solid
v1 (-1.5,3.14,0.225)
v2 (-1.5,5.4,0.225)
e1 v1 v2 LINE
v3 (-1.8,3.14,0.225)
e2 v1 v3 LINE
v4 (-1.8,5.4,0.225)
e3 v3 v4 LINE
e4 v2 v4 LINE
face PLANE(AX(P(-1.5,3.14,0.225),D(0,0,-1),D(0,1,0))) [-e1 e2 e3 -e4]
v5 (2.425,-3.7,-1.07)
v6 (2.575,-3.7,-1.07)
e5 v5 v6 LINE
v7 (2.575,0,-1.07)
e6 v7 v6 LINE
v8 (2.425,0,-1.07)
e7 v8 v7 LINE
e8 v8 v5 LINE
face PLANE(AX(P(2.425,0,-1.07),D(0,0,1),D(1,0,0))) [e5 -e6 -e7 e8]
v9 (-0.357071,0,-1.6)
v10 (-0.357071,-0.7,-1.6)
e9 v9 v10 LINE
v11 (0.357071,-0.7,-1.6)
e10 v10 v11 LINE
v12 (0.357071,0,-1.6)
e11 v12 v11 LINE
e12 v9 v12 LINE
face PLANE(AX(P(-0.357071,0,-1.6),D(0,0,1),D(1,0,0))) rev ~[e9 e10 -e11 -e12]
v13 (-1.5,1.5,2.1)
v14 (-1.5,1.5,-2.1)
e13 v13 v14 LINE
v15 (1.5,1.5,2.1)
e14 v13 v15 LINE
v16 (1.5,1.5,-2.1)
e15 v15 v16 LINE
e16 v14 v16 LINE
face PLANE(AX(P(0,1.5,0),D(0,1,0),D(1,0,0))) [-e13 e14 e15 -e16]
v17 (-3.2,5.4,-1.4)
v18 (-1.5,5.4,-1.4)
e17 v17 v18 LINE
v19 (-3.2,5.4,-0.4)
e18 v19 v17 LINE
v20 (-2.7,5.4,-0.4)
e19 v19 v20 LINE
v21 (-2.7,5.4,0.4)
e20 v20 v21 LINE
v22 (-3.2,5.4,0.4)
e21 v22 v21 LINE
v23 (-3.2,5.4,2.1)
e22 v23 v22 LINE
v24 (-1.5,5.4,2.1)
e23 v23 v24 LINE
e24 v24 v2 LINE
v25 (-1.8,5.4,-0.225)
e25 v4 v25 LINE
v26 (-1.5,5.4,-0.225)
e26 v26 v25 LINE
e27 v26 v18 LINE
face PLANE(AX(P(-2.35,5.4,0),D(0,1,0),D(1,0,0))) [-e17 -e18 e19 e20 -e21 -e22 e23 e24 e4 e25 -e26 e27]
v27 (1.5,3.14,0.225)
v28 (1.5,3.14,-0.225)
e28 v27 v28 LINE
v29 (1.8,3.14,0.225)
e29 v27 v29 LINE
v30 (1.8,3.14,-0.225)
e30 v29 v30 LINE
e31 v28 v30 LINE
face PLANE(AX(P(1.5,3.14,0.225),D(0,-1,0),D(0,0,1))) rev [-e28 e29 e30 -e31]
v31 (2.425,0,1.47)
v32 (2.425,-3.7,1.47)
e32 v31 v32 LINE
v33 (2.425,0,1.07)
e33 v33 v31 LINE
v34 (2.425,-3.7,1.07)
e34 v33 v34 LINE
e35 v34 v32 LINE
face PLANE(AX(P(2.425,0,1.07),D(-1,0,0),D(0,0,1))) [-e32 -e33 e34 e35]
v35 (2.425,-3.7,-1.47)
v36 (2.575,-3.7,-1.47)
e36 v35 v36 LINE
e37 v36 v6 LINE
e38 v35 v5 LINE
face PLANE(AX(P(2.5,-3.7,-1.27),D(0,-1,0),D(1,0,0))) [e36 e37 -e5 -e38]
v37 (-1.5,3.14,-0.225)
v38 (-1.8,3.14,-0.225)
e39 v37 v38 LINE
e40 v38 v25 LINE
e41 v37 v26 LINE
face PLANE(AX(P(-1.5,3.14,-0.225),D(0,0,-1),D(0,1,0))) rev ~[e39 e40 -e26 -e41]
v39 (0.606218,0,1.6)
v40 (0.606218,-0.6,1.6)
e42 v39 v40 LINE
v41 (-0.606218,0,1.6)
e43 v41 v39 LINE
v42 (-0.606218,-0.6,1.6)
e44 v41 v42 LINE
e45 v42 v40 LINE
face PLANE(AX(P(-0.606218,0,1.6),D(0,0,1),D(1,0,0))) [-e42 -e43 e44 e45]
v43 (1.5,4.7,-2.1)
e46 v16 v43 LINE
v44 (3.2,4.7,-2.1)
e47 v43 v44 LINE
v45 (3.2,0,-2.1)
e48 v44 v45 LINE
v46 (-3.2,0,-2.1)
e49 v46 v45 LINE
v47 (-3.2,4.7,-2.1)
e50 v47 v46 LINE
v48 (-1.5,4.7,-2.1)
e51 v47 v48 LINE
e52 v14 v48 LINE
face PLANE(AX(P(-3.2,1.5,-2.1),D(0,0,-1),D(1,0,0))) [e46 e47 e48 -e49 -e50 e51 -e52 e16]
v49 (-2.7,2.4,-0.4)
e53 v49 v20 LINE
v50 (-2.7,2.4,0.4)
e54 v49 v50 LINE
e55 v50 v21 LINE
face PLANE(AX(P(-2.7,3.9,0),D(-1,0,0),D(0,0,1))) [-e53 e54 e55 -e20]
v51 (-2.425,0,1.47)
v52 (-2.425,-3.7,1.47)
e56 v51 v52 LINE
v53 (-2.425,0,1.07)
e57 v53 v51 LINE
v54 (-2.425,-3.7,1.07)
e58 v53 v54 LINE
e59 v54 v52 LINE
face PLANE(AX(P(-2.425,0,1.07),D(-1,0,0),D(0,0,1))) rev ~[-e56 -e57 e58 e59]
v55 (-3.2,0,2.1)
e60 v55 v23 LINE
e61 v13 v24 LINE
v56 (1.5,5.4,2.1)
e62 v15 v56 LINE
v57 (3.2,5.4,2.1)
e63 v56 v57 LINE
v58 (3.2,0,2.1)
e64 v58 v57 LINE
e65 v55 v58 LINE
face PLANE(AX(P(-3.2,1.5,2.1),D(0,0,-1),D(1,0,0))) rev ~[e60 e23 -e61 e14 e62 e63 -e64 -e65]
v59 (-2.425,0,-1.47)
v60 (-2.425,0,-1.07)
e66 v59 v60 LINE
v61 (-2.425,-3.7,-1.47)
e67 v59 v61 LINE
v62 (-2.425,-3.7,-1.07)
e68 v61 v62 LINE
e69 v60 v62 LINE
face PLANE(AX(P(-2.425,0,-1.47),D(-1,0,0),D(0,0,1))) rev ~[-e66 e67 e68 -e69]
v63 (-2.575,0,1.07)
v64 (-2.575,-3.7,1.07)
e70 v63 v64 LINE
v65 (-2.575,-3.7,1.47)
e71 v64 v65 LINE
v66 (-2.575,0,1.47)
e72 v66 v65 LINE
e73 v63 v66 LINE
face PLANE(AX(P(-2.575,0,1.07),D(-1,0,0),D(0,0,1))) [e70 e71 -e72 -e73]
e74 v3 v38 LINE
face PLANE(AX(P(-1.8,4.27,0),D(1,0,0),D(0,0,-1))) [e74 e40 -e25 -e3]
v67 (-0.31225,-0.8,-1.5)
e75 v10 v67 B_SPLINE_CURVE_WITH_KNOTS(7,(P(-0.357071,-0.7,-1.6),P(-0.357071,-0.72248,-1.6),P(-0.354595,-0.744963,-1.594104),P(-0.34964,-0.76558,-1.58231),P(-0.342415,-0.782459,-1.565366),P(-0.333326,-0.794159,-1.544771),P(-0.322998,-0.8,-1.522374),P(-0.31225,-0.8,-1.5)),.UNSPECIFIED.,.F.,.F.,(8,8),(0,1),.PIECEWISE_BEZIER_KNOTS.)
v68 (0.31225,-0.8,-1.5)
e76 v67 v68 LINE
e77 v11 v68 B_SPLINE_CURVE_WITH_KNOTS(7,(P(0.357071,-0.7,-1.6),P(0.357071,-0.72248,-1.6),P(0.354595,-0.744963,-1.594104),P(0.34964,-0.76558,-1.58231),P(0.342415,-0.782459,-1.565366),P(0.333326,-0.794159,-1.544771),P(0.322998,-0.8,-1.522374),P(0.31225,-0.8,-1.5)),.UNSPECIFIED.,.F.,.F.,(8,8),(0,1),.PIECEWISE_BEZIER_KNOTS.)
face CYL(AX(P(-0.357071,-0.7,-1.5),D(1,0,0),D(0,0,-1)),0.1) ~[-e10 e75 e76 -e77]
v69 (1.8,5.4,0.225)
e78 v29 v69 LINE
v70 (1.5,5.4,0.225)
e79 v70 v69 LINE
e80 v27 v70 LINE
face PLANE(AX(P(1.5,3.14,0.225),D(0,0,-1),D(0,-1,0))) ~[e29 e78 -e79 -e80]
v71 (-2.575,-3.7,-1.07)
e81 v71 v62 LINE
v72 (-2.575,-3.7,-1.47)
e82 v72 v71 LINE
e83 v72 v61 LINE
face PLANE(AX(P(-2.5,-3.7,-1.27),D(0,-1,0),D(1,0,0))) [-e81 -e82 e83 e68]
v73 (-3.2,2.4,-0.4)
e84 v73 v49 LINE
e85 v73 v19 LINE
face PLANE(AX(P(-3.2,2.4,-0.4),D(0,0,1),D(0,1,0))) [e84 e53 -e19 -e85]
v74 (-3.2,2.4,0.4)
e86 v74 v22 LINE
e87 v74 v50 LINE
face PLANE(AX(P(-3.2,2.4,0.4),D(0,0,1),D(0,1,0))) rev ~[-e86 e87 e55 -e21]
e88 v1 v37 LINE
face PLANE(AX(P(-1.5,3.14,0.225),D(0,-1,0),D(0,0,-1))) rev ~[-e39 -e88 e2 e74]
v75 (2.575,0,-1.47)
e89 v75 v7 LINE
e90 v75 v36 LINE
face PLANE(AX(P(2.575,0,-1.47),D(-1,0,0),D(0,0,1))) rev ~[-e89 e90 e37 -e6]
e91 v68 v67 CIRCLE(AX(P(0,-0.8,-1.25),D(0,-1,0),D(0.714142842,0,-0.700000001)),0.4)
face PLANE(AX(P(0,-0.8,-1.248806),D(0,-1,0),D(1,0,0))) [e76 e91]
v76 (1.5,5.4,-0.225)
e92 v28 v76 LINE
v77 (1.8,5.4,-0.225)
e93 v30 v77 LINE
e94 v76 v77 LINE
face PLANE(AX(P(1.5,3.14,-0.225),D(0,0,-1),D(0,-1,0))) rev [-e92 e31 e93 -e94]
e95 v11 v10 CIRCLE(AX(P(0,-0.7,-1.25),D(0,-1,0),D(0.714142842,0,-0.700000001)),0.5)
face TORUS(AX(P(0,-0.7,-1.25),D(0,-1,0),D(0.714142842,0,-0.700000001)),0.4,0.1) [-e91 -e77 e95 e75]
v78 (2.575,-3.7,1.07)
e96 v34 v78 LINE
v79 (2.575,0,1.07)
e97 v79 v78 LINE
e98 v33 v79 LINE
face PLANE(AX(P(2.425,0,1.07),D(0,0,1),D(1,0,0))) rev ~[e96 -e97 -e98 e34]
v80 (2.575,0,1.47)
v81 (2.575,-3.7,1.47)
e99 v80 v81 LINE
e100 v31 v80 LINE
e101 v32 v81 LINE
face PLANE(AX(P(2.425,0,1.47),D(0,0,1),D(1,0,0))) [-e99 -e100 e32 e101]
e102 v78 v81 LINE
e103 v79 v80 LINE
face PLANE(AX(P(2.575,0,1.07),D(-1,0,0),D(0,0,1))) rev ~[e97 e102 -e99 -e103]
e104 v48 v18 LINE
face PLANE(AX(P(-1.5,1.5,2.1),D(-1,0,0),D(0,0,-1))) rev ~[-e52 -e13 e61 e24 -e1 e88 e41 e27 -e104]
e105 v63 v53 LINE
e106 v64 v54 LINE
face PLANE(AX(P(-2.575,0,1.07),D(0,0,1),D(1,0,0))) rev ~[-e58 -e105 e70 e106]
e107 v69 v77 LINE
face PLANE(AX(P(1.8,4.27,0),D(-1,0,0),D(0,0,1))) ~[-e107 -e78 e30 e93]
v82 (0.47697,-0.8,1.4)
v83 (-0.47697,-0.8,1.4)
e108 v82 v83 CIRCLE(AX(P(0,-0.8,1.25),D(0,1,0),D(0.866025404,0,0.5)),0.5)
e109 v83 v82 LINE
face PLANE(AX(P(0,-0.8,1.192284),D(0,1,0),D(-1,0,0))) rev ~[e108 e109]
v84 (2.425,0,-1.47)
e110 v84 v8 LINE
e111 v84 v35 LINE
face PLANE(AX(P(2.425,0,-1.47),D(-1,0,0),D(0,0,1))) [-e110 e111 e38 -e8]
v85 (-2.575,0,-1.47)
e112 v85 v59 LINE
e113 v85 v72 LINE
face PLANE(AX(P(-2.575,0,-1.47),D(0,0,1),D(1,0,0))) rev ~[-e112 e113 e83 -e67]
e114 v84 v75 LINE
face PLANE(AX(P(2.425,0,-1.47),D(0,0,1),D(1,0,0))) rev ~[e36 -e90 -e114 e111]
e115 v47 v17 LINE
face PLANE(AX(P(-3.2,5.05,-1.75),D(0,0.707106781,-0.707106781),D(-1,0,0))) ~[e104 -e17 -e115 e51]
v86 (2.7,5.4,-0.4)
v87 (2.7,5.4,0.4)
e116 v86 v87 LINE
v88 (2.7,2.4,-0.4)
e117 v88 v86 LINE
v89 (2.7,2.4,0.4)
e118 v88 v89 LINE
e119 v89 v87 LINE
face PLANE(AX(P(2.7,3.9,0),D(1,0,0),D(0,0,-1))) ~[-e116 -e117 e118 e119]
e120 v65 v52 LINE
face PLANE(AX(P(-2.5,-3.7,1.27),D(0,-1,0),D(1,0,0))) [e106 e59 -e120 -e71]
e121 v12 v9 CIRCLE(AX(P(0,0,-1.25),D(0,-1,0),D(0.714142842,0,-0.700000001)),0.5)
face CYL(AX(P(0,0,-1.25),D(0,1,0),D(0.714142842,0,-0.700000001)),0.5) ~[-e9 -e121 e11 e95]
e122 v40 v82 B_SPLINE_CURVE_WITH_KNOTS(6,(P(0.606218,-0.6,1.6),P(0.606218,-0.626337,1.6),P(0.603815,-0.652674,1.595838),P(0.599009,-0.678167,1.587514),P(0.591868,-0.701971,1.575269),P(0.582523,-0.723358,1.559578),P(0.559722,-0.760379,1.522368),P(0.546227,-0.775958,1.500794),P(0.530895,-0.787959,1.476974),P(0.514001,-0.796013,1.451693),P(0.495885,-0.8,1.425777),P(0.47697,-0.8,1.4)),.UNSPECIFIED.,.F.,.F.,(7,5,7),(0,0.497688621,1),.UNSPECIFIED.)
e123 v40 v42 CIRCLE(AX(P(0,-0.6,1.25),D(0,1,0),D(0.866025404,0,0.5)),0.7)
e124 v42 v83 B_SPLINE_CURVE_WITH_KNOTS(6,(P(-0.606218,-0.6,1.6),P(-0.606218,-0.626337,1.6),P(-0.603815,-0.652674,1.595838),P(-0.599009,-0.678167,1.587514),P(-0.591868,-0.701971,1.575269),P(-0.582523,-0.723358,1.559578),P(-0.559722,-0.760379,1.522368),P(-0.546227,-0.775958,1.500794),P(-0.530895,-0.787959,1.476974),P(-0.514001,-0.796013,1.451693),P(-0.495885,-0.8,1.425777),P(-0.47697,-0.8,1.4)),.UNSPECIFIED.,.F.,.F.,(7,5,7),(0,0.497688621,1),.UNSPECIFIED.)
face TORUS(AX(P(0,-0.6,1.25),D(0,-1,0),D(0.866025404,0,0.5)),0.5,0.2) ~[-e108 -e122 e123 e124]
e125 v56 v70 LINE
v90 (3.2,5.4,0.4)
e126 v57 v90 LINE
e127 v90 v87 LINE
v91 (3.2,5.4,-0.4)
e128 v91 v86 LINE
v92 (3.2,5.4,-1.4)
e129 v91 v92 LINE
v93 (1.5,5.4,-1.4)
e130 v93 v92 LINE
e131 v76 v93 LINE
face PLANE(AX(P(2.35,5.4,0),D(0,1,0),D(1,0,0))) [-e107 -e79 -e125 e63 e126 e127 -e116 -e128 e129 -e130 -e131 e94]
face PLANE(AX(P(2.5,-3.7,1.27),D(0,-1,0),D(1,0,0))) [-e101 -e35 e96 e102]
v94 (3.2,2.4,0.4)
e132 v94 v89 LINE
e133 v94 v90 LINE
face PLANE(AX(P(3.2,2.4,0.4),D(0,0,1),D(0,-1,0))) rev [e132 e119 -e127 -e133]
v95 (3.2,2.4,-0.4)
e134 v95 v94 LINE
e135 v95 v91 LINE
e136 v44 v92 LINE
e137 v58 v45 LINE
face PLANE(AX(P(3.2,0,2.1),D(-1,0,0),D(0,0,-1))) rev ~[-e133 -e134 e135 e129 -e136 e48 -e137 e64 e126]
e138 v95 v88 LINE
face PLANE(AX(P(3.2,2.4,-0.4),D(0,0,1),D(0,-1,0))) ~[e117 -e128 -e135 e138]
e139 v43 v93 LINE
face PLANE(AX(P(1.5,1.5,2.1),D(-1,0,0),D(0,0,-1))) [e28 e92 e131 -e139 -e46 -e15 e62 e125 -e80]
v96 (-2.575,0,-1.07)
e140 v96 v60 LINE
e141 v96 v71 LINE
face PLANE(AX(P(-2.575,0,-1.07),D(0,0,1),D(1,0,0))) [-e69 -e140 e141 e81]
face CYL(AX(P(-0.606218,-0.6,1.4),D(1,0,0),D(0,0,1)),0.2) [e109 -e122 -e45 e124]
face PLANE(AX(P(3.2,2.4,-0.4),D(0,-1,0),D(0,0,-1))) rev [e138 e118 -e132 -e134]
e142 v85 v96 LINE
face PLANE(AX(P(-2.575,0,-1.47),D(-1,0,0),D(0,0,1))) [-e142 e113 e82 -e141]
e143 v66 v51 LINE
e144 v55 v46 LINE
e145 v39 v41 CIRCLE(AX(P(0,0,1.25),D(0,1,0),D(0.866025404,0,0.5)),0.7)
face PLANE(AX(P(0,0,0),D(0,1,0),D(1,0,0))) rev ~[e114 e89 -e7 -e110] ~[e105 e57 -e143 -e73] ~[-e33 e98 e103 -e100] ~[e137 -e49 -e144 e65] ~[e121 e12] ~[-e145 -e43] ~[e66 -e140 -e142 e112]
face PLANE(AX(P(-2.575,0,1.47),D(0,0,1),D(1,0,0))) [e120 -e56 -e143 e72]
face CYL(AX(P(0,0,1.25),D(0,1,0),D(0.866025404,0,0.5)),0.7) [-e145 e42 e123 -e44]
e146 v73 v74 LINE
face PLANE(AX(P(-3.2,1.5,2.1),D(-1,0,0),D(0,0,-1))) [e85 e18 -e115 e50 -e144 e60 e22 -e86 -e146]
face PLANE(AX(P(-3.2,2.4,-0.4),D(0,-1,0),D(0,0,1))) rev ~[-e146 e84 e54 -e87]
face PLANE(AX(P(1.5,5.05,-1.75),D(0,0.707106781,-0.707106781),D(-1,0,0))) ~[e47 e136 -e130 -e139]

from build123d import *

# Parameters (mm, degrees)
SKETCH2_W           = 6.4
SKETCH2_H           = 4.2
BOSS_EXTRUDE1_DEPTH = 1.5
SKETCH3_W           = 1.7
SKETCH3_H           = 4.2
BOSS_EXTRUDE2_DEPTH = 3.9
SKETCH4_W           = 0.15
SKETCH4_H           = 0.4
BOSS_EXTRUDE3_DEPTH = 3.7
BOSS_EXTRUDE4_DEPTH = 0.8
FILLET1_R           = 0.2
FILLET2_R           = 0.1
SKETCH6_W           = 0.45
SKETCH6_H           = 2.26
CUT_EXTRUDE1_DEPTH  = 0.3
SKETCH7_W           = 0.8
SKETCH7_H           = 3
CUT_EXTRUDE2_DEPTH  = 0.5
CHAMFER3_SIZE       = 0.7


with BuildPart() as part:
    # Sketch2 → Boss-Extrude1 (new body)
    with BuildSketch(Plane(origin=(0, 0, 0), x_dir=(1, 0, 0), z_dir=(0, 1, 0))):
        Rectangle(SKETCH2_W, SKETCH2_H)
    extrude(amount=BOSS_EXTRUDE1_DEPTH)

    # Sketch3 → Boss-Extrude2 (add)
    with BuildSketch(Plane(origin=(0, 1.5, 0), x_dir=(1, 0, 0), z_dir=(0, 1, 0))):
        with Locations((-2.35, 0)):
            Rectangle(SKETCH3_W, SKETCH3_H)
        with Locations((2.35, 0)):
            Rectangle(SKETCH3_W, SKETCH3_H)
    extrude(amount=BOSS_EXTRUDE2_DEPTH)

    # Sketch4 → Boss-Extrude3 (add)
    with BuildSketch(Plane.XZ):
        with Locations((2.5, 1.27)):
            Rectangle(SKETCH4_W, SKETCH4_H)
        with Locations((-2.5, 1.27)):
            Rectangle(SKETCH4_W, SKETCH4_H)
        with Locations((2.5, -1.27)):
            Rectangle(SKETCH4_W, SKETCH4_H)
        with Locations((-2.5, -1.27)):
            Rectangle(SKETCH4_W, SKETCH4_H)
    extrude(amount=BOSS_EXTRUDE3_DEPTH)

    # Sketch5 → Boss-Extrude4 (add)
    with BuildSketch(Plane.XZ):
        with BuildLine():
            Line((-0.606217783, 1.6), (0.606217783, 1.6))
            ThreePointArc((0.606217783, 1.6), (0, 0.55), (-0.606217783, 1.6))
        make_face()
        with BuildLine():
            Line((-0.357071421, -1.6), (0.357071421, -1.6))
            ThreePointArc((0.357071421, -1.6), (0, -0.75), (-0.357071421, -1.6))
        make_face()
    extrude(amount=BOSS_EXTRUDE4_DEPTH)

    # Fillet1
    fillet1_edges = [part.edges().sort_by_distance(p)[0] for p in [
        (0, -0.8, 0.55),
        (0, -0.8, 1.6),
    ]]
    fillet(fillet1_edges, radius=FILLET1_R)

    # Fillet2
    fillet2_edges = [part.edges().sort_by_distance(p)[0] for p in [
        (0, -0.8, -0.75),
        (0, -0.8, -1.6),
    ]]
    fillet(fillet2_edges, radius=FILLET2_R)

    # Sketch6 → Cut-Extrude1 (cut)
    with BuildSketch(Plane(origin=(-1.5, 0, 0), x_dir=(0, 0, -1), z_dir=(1, 0, 0))):
        with Locations((0, 4.27)):
            Rectangle(SKETCH6_W, SKETCH6_H)
    cut_extrude1 = extrude(amount=-CUT_EXTRUDE1_DEPTH, mode=Mode.SUBTRACT)

    # Sketch7 → Cut-Extrude2 (cut)
    with BuildSketch(Plane.ZY.offset(3.2)):
        with Locations((0, 3.9)):
            Rectangle(SKETCH7_W, SKETCH7_H)
    cut_extrude2 = extrude(amount=-CUT_EXTRUDE2_DEPTH, mode=Mode.SUBTRACT)

    # Chamfer3
    chamfer3_edges = [part.edges().sort_by_distance(p)[0] for p in [
        (2.35, 5.4, -2.1),
        (-2.35, 5.4, -2.1),
    ]]
    chamfer(chamfer3_edges, length=CHAMFER3_SIZE)

    # Mirror5: Cut-Extrude1, Cut-Extrude2 across plane
    add(cut_extrude1.mirror(Plane(origin=(0, 0, 0), x_dir=(0, 0, 1), z_dir=(1, 0, 0))), mode=Mode.SUBTRACT)
    add(cut_extrude2.mirror(Plane(origin=(0, 0, 0), x_dir=(0, 0, 1), z_dir=(1, 0, 0))), mode=Mode.SUBTRACT)


solid = part.part
